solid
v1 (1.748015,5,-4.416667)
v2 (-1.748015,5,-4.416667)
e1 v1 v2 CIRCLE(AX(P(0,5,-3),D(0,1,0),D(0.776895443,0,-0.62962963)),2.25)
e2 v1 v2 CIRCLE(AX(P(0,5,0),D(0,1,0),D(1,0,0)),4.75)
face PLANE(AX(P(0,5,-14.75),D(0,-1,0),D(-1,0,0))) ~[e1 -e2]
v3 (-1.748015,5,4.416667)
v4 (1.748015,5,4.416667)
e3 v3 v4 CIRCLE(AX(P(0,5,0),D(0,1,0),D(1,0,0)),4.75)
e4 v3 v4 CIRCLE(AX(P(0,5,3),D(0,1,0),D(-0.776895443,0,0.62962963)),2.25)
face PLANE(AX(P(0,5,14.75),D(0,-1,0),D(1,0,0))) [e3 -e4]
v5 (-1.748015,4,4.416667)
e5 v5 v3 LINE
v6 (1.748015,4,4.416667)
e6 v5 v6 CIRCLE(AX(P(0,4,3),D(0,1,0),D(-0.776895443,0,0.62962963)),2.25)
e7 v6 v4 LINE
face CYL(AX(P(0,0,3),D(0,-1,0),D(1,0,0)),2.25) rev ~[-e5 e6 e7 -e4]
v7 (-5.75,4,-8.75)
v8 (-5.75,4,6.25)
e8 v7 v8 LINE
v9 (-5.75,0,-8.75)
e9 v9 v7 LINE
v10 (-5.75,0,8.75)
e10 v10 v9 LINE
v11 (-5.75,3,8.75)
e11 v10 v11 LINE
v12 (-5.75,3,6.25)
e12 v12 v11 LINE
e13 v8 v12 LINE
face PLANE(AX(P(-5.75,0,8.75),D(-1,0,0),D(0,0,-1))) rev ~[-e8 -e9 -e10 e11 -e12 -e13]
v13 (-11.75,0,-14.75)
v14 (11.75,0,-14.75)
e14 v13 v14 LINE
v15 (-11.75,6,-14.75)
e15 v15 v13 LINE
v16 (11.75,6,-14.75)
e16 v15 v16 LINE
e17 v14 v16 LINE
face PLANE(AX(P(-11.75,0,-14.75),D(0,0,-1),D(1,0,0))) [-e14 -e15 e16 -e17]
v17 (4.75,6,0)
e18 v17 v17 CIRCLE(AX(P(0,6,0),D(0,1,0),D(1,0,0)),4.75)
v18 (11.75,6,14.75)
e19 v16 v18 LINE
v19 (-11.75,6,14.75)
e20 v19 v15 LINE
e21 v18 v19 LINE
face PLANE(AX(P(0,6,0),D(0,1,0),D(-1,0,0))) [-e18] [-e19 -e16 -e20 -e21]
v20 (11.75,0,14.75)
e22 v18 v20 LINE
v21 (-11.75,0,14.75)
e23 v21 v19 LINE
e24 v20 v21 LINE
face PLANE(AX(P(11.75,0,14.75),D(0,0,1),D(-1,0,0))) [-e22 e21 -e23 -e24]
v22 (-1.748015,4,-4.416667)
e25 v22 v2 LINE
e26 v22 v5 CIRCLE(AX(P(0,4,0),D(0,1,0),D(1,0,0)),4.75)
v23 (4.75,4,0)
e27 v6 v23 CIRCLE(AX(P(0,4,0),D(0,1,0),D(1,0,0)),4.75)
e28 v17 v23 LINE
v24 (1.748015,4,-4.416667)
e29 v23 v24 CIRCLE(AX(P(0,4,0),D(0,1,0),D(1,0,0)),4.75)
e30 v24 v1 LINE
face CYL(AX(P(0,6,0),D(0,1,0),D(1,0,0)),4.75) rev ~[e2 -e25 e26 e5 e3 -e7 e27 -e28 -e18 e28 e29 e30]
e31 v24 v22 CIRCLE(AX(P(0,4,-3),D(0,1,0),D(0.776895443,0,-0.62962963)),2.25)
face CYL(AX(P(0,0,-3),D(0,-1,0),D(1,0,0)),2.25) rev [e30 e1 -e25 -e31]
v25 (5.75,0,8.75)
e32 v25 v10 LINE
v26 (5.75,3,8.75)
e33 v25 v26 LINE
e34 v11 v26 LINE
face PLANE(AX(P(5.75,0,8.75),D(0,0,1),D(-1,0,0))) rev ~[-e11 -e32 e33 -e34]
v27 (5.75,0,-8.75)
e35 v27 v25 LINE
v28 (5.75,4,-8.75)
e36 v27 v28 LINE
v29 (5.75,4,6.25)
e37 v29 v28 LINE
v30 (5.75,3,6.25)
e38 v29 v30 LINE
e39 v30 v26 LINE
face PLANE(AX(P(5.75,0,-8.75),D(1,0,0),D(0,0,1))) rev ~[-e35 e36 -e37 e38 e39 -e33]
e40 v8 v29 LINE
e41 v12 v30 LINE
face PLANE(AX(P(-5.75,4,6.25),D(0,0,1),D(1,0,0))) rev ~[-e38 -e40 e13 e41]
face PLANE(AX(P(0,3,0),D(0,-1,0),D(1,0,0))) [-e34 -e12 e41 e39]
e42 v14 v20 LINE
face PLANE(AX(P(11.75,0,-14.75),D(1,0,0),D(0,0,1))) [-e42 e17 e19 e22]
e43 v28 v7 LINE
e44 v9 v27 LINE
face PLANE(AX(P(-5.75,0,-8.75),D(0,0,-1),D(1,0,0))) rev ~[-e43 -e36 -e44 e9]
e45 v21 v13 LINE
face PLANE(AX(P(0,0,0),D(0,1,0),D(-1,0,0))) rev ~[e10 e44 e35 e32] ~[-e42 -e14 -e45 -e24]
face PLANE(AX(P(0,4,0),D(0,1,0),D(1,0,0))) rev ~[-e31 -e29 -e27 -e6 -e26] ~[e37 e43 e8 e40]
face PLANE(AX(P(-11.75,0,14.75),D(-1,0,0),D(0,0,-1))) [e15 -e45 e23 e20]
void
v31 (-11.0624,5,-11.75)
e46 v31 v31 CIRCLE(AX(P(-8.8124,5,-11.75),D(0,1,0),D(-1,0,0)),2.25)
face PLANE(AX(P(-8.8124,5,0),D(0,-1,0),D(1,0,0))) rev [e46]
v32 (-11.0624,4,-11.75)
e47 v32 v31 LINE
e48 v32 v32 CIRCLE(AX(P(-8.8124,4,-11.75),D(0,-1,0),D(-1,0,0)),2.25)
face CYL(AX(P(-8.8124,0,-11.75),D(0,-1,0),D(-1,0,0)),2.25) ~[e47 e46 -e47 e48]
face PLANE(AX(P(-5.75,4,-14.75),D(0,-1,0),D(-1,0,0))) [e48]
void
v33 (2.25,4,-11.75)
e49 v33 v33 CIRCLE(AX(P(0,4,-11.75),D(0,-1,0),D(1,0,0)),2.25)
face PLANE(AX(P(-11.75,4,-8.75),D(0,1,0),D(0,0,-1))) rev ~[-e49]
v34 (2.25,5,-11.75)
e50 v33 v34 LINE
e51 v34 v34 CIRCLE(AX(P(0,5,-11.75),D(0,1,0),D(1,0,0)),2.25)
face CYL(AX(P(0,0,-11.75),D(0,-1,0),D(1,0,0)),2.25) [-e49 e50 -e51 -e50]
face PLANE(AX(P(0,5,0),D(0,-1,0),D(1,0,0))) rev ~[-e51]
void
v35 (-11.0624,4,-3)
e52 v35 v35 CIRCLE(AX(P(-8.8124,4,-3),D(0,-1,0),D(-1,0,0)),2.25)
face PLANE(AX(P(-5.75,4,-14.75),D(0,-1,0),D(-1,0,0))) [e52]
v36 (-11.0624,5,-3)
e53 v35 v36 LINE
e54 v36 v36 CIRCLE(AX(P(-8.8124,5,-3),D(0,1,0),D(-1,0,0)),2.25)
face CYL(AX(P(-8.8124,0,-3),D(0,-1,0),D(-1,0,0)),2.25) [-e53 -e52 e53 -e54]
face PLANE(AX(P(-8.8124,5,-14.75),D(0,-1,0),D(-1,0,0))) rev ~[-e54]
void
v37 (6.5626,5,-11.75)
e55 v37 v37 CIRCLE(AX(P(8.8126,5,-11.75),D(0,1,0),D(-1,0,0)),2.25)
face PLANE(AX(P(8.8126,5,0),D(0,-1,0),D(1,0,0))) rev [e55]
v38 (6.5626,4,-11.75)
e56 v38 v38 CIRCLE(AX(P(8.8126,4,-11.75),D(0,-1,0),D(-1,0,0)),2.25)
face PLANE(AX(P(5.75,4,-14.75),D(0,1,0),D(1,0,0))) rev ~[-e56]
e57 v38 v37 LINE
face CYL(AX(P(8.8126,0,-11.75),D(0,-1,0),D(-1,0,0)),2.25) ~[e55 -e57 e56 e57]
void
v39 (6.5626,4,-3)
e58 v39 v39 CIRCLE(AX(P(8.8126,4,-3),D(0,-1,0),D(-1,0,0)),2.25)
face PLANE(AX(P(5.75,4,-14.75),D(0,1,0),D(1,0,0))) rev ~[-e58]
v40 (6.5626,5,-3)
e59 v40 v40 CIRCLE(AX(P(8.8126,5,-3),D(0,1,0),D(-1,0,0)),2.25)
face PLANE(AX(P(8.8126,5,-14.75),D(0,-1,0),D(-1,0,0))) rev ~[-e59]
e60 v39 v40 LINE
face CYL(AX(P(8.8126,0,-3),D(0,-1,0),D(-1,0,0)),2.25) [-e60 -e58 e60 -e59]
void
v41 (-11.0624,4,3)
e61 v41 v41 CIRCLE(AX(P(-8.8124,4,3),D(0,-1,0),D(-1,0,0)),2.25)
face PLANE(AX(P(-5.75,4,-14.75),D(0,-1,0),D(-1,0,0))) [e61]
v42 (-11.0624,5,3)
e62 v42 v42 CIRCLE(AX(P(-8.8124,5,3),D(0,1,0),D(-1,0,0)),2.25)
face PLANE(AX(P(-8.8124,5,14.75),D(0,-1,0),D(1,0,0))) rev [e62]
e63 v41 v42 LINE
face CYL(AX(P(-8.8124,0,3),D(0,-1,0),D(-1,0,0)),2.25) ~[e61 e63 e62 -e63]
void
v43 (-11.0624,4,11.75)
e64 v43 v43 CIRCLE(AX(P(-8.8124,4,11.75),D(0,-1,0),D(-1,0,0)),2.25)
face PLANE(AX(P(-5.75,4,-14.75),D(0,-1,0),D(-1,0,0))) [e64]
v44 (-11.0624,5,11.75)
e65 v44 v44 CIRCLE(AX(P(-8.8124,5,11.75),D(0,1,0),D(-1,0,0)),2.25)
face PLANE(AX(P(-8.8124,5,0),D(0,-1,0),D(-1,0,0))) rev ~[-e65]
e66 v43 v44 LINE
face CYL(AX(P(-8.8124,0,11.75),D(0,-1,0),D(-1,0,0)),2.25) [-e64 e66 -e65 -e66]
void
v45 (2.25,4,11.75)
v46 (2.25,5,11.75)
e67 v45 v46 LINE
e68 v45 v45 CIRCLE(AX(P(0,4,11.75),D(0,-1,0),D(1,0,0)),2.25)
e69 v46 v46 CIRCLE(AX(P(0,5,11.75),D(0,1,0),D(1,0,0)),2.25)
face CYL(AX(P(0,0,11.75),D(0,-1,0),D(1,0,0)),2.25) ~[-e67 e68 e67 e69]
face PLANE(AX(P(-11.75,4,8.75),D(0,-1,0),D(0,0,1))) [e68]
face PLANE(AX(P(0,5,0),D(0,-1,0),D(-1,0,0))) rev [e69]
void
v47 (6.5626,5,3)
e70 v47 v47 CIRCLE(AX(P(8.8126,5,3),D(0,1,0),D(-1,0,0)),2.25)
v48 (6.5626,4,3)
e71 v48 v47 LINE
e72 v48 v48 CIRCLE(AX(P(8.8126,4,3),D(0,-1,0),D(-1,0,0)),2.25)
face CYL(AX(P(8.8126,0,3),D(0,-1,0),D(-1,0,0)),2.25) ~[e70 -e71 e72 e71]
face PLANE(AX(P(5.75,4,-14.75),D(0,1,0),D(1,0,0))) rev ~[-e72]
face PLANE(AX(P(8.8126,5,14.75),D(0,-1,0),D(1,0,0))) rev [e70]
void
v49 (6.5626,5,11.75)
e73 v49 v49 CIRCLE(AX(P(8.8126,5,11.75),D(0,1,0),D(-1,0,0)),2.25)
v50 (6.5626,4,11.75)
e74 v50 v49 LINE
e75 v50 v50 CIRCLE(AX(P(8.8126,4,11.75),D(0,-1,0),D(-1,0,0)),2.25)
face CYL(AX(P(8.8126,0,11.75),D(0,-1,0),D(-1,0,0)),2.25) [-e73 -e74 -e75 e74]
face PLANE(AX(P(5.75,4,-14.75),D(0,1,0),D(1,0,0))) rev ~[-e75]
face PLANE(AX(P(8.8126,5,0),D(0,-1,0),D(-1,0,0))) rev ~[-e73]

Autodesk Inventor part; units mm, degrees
sketch "Sketch1" plane through (0, 0, 0) normal (0, 1, 0) x (-1, 0, 0)
  line L0 (-11.75, 14.75) -> (11.75, 14.75)
  line L1 (11.75, 14.75) -> (11.75, -14.75)
  line L2 (11.75, -14.75) -> (-11.75, -14.75)
  line L3 (-11.75, -14.75) -> (-11.75, 14.75)
  line L4 (-11.75, 14.75) -> (11.75, -14.75) construction
  line L5 (11.75, 14.75) -> (-11.75, -14.75) construction
  line L6 (-5.75, 8.75) -> (5.75, 8.75)
  line L7 (5.75, 8.75) -> (5.75, -8.75)
  line L8 (5.75, -8.75) -> (-5.75, -8.75)
  line L9 (-5.75, -8.75) -> (-5.75, 8.75)
  line L10 (-5.75, 8.75) -> (5.75, -8.75) construction
  line L11 (5.75, 8.75) -> (-5.75, -8.75) construction
  point P0 (0, 0)
  dimension "d0" = 23.5
  dimension "d1" = 29.5
  dimension "d2" = 11.5
  dimension "d3" = 17.5
extrude "Extrusion1" add sketch "Sketch1" along normal blind 6
sketch "Sketch2" plane through (0, 6, 0) normal (0, 1, 0) x (1, 0, 0)
  circle A0 centre (0, 0) radius 4.75
  line L0 (5.75, -8.75) -> (-5.75, -8.75) projected
  line L1 (-5.75, -8.75) -> (5.75, -8.75)
  line L2 (5.75, -8.75) -> (5.75, 8.75)
  line L3 (5.75, 8.75) -> (-5.75, 8.75)
  line L4 (-5.75, 8.75) -> (-5.75, -8.75)
  dimension "d6" = 9.5
extrude "Extrusion2" add sketch "Sketch2" against normal blind 2
sketch "Sketch4" plane through (0, 4, 0) normal (0, -1, 0) x (1, 0, 0)
  line L0 (-5.75, 8.75) -> (5.75, 8.75) projected
  line L1 (-5.75, -8.75) -> (-5.75, 8.75) projected
  line L2 (5.75, 8.75) -> (-5.75, 8.75)
  line L3 (-5.75, 8.75) -> (-5.75, 6.25)
  line L4 (-5.75, 6.25) -> (5.75, 6.25)
  line L5 (5.75, 6.25) -> (5.75, 8.75)
  point P0 (0, 0)
  dimension "d9" = 2.5
sketch "Sketch5" plane through (0, 0, 0) normal (0, -1, 0) x (1, 0, 0)
  line L0 (-5.75, -8.75) -> (5.75, -8.75) projected
  line L1 (0, -8.75) -> (0, -11.75)
  line L2 (11.75, -14.75) -> (-11.75, -14.75) projected
  circle A0 centre (0, -11.75) radius 2.25
  point P0 (0, 0)
  dimension "d10" = 3
  dimension "d11" = 4.5
extrude "Extrusion3" cut sketch "Sketch5" against normal blind 5
ref_plane "Work Plane1" through (0, 0, 14.75) normal (1, 0, 0) x (0, 0, -1)
ref_plane "Work Plane2" through (11.75, 0, 0) normal (0, 0, -1) x (-1, 0, 0)
ref_plane "Work Plane3" through (-5.875, 0, -14.75) normal (-1, 0, 0) x (0, 0, 1)
ref_plane "Work Plane4" through (5.875, 0, 14.75) normal (1, 0, 0) x (0, 0, -1)
ref_plane "Work Plane6" through (4.4063, 0, 14.75) normal (1, 0, 0) x (0, 0, -1)
ref_plane "Work Plane5" through (-2.9375, 0, -14.75) normal (-1, 0, 0) x (0, 0, 1)
ref_plane "Work Plane8" through (-4.4062, 0, -14.75) normal (-1, 0, 0) x (0, 0, 1)
ref_plane "Work Plane7" through (2.9375, 0, 14.75) normal (1, 0, 0) x (0, 0, -1)
mirror "Mirror2" about plane through (11.75, 0, 0) normal (0, 0, -1) of "Extrusion3"
mirror "Mirror3" about plane through (4.4063, 0, 14.75) normal (1, 0, 0) of "Extrusion3", "Mirror2"
mirror "Mirror4" about plane through (-4.4062, 0, -14.75) normal (-1, 0, 0) of "Extrusion3", "Mirror2"
ref_plane "Work Plane9" through (11.75, 0, -7.375) normal (0, 0, -1) x (-1, 0, 0)
ref_plane "Work Plane10" through (-11.75, 0, 7.375) normal (0, 0, 1) x (1, 0, 0)
mirror "Mirror5" about plane through (-11.75, 0, 7.375) normal (0, 0, 1) of "Extrusion3", "Mirror2", "Mirror4", "Mirror3"
mirror "Mirror6" about plane through (11.75, 0, -7.375) normal (0, 0, -1) of "Extrusion3", "Mirror2", "Mirror4", "Mirror3"
extrude "Extrusion4" add sketch "Sketch4" along normal blind 1
sketch "Sketch7" plane through (11.75, 0, -14.75) normal (0, 0, -1) x (-1, 0, 0)
  line L0 (23.5, 0) -> (23.5, 6) projected
  line L1 (23.5, 0) -> (17.5, 0)
  line L2 (17.5, 0) -> (17.5, 4)
  line L3 (17.5, 4) -> (23.5, 4)
  line L4 (23.5, 4) -> (23.5, 0)
  line L5 (0, 0) -> (0, 6) projected
  line L6 (0, 0) -> (6, 0)
  line L7 (6, 0) -> (6, 4)
  line L8 (6, 4) -> (0, 4)
  line L9 (0, 4) -> (0, 0)
  point P0 (11.75, 0)
  dimension "d16" = 6
  dimension "d17" = 4
  dimension "d18" = 6
  dimension "d19" = 4
extrude "Extrusion5" add sketch "Sketch7" against normal blind 29.5
sketch "Sketch8" plane through (-11.75, 0, -14.75) normal (-1, 0, 0) x (0, 0, 1)
  line L0 (29.5, 0) -> (29.5, 6) projected
  line L1 (29.5, 0) -> (23.5, 0)
  line L2 (23.5, 0) -> (23.5, 4)
  line L3 (23.5, 4) -> (29.5, 4)
  line L4 (29.5, 4) -> (29.5, 0)
  line L5 (0, 0) -> (0, 6) projected
  line L6 (0, 0) -> (6, 0)
  line L7 (6, 0) -> (6, 4)
  line L8 (6, 4) -> (0, 4)
  line L9 (0, 4) -> (0, 0)
  point P0 (14.75, 0)
  dimension "d22" = 6
  dimension "d23" = 4
  dimension "d24" = 6
  dimension "d25" = 4
extrude "Extrusion6" add sketch "Sketch8" against normal blind 23.5
properties part number "sensor bulet + magnet tes 1"
